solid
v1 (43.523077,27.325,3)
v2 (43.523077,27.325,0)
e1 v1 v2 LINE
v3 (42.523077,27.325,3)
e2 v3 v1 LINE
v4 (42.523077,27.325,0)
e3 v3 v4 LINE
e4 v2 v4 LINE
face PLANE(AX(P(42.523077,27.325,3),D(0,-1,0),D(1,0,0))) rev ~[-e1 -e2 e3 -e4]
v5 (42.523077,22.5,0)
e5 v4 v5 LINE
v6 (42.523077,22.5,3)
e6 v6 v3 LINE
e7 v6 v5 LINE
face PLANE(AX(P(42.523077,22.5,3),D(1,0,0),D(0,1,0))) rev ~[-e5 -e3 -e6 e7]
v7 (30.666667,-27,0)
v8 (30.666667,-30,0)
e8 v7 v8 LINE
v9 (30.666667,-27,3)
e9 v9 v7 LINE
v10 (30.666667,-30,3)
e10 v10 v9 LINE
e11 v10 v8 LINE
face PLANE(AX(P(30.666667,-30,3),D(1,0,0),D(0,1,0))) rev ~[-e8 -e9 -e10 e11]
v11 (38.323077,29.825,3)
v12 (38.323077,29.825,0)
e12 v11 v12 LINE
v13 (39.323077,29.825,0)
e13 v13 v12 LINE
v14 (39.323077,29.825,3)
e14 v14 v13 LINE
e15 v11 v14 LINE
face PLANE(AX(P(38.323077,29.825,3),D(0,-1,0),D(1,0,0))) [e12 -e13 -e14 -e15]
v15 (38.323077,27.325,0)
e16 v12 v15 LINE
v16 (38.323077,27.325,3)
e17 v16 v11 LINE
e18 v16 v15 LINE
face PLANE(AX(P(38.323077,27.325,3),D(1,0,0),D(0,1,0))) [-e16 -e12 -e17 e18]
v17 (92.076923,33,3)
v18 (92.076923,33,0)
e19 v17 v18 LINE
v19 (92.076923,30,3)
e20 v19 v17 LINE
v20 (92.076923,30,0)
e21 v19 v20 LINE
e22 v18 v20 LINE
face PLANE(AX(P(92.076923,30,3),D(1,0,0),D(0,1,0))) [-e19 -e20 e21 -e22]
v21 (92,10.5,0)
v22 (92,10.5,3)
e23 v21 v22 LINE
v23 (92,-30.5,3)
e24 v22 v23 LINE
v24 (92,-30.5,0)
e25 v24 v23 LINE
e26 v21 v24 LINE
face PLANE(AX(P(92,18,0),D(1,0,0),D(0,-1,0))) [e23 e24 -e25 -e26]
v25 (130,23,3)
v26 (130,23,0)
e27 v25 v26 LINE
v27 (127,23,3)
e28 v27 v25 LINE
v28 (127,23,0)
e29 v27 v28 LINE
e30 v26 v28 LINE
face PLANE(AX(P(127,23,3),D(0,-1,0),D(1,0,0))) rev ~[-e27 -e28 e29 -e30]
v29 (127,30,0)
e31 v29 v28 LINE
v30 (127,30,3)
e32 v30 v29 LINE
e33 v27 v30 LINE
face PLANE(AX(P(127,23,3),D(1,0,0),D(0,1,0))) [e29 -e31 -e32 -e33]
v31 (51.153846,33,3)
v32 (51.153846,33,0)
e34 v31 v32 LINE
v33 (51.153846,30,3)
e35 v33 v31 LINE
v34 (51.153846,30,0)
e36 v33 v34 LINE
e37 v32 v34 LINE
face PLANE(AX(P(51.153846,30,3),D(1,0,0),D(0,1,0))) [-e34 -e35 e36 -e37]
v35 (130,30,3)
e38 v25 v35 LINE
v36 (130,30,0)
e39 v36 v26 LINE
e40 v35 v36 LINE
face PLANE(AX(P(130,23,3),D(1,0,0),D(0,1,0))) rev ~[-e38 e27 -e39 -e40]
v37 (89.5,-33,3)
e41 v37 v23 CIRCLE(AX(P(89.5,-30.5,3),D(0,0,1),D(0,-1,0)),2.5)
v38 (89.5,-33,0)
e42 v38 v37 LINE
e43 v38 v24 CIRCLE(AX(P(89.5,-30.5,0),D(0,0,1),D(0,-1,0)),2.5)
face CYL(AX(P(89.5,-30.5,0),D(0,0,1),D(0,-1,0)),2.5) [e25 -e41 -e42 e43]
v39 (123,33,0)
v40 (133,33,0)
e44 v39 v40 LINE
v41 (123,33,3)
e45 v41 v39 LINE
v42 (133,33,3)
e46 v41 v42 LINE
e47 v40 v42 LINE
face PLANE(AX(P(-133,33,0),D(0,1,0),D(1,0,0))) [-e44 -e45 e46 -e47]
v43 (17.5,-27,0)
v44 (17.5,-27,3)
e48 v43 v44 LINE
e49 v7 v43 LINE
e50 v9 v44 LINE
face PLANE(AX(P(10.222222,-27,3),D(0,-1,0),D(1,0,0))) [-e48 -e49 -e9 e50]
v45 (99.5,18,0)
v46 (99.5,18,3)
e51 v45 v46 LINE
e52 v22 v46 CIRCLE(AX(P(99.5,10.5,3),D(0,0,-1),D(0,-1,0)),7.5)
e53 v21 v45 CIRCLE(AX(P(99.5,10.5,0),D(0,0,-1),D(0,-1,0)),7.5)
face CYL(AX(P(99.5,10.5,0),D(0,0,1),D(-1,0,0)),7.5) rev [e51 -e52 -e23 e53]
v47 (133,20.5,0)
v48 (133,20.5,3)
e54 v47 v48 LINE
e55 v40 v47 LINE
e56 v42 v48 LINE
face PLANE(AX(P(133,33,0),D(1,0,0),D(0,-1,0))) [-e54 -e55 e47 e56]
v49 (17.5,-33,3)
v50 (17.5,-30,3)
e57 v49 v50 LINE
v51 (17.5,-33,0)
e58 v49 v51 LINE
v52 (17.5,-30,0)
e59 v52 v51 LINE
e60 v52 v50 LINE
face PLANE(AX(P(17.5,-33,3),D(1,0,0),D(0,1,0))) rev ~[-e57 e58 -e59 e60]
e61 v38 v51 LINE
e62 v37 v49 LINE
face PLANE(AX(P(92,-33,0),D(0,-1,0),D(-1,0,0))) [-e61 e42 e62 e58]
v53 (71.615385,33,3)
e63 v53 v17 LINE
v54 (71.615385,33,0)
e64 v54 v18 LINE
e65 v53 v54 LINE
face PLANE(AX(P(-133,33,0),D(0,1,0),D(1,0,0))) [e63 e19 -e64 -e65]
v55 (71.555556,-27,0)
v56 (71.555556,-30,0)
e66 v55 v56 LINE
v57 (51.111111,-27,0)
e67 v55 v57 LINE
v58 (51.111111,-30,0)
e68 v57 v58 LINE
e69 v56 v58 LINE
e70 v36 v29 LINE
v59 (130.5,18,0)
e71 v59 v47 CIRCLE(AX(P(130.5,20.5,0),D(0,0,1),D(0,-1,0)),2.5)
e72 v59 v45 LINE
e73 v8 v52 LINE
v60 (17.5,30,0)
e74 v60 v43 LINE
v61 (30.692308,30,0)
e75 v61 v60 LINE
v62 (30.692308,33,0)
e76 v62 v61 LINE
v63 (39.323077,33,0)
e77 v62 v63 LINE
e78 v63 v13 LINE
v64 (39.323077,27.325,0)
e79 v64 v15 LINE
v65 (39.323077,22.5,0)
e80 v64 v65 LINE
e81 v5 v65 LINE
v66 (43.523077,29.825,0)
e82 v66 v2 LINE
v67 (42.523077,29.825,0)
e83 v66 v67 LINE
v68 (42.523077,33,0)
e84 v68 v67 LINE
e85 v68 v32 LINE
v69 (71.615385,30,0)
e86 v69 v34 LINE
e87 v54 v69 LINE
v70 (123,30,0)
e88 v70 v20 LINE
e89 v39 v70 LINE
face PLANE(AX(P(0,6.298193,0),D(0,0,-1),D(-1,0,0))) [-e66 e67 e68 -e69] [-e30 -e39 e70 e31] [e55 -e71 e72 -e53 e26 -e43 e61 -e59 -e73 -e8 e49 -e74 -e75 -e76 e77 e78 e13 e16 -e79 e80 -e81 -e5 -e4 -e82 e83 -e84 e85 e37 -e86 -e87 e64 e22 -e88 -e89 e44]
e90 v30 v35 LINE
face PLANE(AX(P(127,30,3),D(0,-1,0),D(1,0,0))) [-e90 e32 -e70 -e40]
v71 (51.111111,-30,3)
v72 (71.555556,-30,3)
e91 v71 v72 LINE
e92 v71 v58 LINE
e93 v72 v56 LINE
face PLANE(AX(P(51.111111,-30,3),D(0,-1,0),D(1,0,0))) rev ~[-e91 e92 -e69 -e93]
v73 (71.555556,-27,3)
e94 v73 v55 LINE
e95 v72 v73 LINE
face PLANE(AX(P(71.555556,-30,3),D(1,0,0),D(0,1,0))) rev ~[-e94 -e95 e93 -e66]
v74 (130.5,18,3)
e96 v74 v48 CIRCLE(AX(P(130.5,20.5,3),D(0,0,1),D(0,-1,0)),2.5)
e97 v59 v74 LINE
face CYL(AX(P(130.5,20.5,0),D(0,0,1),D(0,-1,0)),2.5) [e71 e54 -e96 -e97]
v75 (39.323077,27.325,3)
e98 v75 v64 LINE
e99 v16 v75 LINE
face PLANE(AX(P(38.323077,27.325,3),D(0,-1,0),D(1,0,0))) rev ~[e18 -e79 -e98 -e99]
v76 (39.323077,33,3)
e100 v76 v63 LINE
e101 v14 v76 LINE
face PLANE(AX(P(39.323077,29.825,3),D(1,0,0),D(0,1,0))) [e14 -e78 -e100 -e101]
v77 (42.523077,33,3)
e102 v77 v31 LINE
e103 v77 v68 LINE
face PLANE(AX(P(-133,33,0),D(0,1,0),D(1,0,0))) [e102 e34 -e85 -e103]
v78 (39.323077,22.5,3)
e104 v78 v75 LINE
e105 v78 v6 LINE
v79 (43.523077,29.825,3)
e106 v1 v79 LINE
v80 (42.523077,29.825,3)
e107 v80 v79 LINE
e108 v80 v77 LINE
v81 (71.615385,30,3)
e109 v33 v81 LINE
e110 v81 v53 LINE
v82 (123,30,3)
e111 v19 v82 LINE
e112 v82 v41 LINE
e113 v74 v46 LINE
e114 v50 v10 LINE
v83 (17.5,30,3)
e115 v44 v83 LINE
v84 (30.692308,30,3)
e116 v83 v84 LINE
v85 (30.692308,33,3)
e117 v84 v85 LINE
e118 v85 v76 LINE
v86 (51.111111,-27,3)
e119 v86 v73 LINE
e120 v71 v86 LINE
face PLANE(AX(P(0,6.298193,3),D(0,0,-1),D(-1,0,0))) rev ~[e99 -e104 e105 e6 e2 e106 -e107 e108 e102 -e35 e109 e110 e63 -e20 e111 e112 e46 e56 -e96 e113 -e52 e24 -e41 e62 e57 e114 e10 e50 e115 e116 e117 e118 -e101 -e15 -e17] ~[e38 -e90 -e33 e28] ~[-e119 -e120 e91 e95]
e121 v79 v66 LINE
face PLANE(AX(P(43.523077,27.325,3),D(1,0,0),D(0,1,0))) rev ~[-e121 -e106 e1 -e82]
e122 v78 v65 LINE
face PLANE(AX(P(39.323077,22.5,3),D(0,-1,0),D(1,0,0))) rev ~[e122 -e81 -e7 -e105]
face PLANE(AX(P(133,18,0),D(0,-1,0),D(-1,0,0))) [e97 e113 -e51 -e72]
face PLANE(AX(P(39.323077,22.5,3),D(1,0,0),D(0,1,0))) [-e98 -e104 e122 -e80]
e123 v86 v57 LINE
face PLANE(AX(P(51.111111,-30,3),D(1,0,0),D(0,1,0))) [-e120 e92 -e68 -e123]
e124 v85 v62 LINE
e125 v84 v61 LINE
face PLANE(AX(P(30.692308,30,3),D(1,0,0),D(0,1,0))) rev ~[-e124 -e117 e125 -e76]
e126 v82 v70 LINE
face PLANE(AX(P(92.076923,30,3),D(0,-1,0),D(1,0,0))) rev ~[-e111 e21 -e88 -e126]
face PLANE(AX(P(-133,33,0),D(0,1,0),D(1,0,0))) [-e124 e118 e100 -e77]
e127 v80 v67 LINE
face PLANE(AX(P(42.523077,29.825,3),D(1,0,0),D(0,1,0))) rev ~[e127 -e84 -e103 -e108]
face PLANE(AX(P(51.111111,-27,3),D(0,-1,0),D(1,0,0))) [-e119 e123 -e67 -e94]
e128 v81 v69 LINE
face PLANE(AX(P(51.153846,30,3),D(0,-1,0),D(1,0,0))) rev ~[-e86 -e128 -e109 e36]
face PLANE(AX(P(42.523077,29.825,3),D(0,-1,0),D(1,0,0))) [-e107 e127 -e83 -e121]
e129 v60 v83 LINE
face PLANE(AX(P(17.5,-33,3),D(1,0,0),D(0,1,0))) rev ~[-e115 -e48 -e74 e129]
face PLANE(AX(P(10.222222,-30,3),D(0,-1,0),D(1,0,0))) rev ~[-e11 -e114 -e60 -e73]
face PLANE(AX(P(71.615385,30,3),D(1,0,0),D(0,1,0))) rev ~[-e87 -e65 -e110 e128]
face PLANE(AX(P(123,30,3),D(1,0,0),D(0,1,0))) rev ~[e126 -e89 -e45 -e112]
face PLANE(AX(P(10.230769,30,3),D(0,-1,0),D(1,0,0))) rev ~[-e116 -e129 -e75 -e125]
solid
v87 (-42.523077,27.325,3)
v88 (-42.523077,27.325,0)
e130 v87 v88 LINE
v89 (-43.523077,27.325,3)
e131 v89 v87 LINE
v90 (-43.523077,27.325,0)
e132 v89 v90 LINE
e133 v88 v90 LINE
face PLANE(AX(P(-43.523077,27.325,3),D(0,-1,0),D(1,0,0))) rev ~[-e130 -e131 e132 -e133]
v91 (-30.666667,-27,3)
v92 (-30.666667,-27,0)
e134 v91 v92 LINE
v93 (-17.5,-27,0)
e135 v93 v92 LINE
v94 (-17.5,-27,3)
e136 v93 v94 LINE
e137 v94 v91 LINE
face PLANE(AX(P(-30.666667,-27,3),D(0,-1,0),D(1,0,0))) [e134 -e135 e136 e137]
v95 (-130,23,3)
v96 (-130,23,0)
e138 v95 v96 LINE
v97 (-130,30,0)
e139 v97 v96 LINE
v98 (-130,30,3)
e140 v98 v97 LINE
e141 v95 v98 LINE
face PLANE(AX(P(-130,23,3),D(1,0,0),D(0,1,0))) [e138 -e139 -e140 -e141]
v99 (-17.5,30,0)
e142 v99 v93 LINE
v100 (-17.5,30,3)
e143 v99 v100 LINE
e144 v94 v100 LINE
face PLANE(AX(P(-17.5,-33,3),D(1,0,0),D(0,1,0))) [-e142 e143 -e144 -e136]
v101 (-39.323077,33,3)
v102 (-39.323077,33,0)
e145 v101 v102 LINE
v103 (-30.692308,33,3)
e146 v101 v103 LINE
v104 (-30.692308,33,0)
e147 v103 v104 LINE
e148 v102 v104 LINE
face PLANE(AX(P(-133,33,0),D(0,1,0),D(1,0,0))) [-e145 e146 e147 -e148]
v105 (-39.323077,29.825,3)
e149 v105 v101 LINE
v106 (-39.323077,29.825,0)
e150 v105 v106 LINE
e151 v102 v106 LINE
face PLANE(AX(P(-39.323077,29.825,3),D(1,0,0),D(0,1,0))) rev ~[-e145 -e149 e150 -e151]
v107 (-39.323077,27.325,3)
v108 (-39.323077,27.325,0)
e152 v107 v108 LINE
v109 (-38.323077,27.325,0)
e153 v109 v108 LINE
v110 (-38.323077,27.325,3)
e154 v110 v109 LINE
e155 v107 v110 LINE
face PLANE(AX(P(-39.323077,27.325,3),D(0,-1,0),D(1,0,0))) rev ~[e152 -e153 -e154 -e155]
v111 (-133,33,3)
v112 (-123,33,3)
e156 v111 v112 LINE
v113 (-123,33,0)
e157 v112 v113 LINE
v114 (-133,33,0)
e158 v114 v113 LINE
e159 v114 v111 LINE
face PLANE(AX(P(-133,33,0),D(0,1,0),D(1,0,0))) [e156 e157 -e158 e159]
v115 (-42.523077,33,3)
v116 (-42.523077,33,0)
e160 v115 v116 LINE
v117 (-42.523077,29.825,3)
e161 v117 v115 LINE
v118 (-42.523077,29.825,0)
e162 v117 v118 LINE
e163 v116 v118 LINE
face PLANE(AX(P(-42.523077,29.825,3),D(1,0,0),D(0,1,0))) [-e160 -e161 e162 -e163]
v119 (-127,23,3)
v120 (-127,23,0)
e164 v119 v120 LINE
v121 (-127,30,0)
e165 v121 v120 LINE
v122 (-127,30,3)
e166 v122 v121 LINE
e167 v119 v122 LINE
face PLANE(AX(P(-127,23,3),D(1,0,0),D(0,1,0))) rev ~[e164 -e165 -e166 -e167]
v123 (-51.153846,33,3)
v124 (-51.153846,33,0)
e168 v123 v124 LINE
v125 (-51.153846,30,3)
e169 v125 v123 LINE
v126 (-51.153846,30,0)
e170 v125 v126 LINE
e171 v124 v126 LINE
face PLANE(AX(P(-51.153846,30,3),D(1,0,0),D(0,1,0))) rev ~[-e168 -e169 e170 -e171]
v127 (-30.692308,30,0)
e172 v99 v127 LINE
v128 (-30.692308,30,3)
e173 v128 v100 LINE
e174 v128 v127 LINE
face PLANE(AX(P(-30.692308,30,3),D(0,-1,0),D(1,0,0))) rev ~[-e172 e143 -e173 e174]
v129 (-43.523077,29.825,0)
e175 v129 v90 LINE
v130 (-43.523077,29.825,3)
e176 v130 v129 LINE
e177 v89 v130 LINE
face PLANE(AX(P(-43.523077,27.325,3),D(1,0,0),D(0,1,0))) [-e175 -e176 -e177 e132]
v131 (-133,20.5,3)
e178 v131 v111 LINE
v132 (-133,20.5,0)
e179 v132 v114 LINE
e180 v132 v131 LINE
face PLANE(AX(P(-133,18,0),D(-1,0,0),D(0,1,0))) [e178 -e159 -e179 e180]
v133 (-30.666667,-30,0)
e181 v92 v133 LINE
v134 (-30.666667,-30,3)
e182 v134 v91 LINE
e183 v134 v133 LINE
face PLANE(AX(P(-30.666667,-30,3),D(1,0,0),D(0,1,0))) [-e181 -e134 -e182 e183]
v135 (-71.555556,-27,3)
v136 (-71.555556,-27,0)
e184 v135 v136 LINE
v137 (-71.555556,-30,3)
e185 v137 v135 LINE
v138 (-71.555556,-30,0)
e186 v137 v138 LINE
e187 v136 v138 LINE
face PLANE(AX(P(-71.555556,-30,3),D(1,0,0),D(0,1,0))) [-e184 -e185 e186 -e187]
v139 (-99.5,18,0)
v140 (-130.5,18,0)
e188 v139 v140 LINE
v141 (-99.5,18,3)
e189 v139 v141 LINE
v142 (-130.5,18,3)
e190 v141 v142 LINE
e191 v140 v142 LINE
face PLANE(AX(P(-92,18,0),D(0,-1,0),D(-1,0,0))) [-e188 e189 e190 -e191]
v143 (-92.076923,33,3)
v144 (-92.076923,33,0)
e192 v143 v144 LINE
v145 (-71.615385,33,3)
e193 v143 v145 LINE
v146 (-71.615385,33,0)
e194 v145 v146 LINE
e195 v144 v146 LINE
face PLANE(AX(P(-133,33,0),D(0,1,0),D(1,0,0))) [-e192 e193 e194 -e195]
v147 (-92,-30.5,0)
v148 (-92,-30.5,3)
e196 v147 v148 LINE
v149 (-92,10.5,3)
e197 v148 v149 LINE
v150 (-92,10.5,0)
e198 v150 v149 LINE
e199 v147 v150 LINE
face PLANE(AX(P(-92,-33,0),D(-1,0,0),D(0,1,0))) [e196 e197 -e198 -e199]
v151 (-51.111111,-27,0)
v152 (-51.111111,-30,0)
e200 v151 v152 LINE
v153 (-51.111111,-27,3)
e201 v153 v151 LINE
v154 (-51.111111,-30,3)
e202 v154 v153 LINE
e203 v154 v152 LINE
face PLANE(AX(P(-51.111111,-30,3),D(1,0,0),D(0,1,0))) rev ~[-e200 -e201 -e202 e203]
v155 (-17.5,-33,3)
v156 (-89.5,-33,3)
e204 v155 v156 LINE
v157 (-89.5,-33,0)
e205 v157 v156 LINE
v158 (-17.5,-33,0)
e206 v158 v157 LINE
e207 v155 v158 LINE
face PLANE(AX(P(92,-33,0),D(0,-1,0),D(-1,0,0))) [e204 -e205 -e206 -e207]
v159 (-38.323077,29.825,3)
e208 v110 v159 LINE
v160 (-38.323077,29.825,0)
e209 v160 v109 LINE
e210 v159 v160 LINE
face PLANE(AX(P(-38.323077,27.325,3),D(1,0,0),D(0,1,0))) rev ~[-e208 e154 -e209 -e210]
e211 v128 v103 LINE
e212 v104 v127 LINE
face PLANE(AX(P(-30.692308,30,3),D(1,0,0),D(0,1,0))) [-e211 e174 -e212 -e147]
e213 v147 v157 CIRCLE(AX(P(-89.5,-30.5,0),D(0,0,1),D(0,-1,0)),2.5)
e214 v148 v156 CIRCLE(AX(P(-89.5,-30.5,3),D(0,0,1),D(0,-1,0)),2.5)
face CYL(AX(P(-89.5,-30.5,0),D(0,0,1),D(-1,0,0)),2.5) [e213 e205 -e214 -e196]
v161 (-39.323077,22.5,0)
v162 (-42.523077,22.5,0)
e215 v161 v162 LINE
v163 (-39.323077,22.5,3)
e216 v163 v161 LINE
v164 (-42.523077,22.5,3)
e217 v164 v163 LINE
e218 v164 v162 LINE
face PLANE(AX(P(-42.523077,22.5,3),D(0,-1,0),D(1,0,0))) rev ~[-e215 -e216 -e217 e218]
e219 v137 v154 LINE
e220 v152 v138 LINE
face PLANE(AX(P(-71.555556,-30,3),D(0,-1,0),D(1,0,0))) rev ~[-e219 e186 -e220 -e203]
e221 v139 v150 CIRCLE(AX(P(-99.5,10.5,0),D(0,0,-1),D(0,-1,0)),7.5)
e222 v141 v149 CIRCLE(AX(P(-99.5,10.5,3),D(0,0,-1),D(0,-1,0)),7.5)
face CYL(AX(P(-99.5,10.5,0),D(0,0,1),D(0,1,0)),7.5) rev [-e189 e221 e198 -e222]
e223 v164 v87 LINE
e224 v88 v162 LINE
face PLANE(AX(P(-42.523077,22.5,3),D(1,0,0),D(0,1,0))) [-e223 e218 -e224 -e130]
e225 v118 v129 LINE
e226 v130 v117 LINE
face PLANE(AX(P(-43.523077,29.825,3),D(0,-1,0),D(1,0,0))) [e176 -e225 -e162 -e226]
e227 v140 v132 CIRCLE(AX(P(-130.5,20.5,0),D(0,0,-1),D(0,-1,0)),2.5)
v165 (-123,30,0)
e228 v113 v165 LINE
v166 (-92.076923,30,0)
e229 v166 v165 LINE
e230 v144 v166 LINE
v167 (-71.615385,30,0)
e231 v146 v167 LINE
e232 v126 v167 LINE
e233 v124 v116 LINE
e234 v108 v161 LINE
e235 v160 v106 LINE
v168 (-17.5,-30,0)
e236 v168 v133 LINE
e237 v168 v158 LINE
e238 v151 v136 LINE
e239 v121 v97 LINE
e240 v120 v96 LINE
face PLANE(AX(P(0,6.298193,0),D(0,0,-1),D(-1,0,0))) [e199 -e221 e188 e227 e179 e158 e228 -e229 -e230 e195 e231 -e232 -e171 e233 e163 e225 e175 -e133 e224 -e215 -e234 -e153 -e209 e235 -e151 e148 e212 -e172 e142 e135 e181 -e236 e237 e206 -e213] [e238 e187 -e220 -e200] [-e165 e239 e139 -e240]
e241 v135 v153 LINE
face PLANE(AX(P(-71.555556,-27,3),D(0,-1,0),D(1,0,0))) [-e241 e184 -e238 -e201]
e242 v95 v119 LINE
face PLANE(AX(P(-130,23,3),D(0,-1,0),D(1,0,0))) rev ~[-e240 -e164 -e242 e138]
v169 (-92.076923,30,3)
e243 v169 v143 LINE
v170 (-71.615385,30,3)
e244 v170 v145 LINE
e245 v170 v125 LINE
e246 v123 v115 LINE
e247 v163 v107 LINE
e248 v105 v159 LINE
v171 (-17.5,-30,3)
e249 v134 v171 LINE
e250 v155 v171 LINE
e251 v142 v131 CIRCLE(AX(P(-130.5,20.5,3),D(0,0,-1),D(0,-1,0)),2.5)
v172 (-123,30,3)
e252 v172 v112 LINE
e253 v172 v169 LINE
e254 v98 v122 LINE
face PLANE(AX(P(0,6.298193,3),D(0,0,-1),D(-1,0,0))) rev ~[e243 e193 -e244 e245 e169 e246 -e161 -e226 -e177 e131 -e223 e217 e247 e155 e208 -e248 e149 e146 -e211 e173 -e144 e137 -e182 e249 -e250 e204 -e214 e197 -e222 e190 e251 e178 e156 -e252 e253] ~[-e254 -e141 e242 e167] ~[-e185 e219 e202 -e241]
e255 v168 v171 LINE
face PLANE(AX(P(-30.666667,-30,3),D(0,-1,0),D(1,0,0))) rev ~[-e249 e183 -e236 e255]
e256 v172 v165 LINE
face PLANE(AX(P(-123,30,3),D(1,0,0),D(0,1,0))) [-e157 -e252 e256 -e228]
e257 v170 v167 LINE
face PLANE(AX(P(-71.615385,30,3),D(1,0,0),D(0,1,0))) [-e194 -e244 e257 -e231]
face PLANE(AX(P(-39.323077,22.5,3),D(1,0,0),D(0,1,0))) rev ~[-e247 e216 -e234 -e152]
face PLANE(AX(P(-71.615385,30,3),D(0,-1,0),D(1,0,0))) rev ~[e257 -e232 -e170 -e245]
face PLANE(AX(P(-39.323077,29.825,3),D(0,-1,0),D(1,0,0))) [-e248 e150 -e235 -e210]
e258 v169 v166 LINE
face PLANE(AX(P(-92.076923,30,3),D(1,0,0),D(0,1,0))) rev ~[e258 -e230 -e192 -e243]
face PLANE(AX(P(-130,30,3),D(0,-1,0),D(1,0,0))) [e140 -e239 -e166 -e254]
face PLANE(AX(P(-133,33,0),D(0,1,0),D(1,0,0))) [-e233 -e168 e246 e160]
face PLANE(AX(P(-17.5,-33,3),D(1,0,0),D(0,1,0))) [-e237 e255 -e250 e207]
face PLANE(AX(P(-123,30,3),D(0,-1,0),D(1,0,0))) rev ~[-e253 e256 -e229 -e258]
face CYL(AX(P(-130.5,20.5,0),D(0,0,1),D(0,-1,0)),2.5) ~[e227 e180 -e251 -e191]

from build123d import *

# Parameters (mm, degrees)
BOSS_EXTRUDE1_DEPTH     = 3
SKETCH3_W               = 3
SKETCH3_H               = 7
SKETCH3_W_2             = 10.461538462
SKETCH3_H_2             = 3
SKETCH3_W_3             = 20.461538461
SKETCH3_W_4             = 20.444444445
CUT_EXTRUDE1_DEPTH      = 1
CUT_EXTRUDE1_DEPTH_BACK = 4
FILLET1_R               = 7.5
FILLET2_R               = 2.5
SKETCH4_W               = 3.2
SKETCH4_H               = 10.5
SKETCH4_W_2             = 5.2
SKETCH4_H_2             = 2.5
CUT_EXTRUDE2_DEPTH      = 1
CUT_EXTRUDE2_DEPTH_BACK = 4
SKETCH5_W               = 35
SKETCH5_H               = 66
CUT_EXTRUDE3_DEPTH      = 1
CUT_EXTRUDE3_DEPTH_BACK = 4


with BuildPart() as part:
    # Sketch2 → Boss-Extrude1 (new body)
    with BuildSketch(Plane.XY):
        Polygon((-133, 33), (133, 33), (133, 18), (92, 18), (92, -33), (-92, -33), (-92, 18), (-133, 18), align=None)
    extrude(amount=BOSS_EXTRUDE1_DEPTH)

    # Sketch3 → Cut-Extrude1 (cut, two sides)
    with BuildSketch(Plane.XY.offset(3)) as cut_extrude1_sk:
        with Locations((-128.5, 26.5)):
            Rectangle(SKETCH3_W, SKETCH3_H)
        with Locations((-117.769230769, 31.5)):
            Rectangle(SKETCH3_W_2, SKETCH3_H_2)
        with Locations((-102.307692308, 31.5)):
            Rectangle(SKETCH3_W_3, SKETCH3_H_2)
        with Locations((-61.384615385, 31.5)):
            Rectangle(SKETCH3_W_3, SKETCH3_H_2)
        with Locations((-20.461538462, 31.5)):
            Rectangle(SKETCH3_W_3, SKETCH3_H_2)
        with Locations((20.461538462, 31.5)):
            Rectangle(SKETCH3_W_3, SKETCH3_H_2)
        with Locations((61.384615385, 31.5)):
            Rectangle(SKETCH3_W_3, SKETCH3_H_2)
        with Locations((102.307692308, 31.5)):
            Rectangle(SKETCH3_W_3, SKETCH3_H_2)
        with Locations((117.769230769, 31.5)):
            Rectangle(SKETCH3_W_2, SKETCH3_H_2)
        with Locations((128.5, 26.5)):
            Rectangle(SKETCH3_W, SKETCH3_H)
        with Locations((-61.333333334, -28.5)):
            Rectangle(SKETCH3_W_4, SKETCH3_H_2)
        with Locations((-20.444444445, -28.5)):
            Rectangle(SKETCH3_W_4, SKETCH3_H_2)
        with Locations((20.444444445, -28.5)):
            Rectangle(SKETCH3_W_4, SKETCH3_H_2)
        with Locations((61.333333334, -28.5)):
            Rectangle(SKETCH3_W_4, SKETCH3_H_2)
    extrude(amount=CUT_EXTRUDE1_DEPTH, mode=Mode.SUBTRACT)
    extrude(cut_extrude1_sk.sketch, amount=-CUT_EXTRUDE1_DEPTH_BACK, mode=Mode.SUBTRACT)

    # Fillet1
    fillet1_edges = [part.edges().sort_by_distance(p)[0] for p in [
        (92, 18, 1.5),
        (-92, 18, 1.5),
    ]]
    fillet(fillet1_edges, radius=FILLET1_R)

    # Fillet2
    fillet2_edges = [part.edges().sort_by_distance(p)[0] for p in [
        (133, 18, 1.5),
        (92, -33, 1.5),
        (-92, -33, 1.5),
        (-133, 18, 1.5),
    ]]
    fillet(fillet2_edges, radius=FILLET2_R)

    # Sketch4 → Cut-Extrude2 (cut, two sides)
    with BuildSketch(Plane.XY.offset(3)) as cut_extrude2_sk:
        with Locations((-40.923076923, 27.75)):
            Rectangle(SKETCH4_W, SKETCH4_H)
        with Locations((40.923076923, 27.75)):
            Rectangle(SKETCH4_W, SKETCH4_H)
        with Locations((40.923076923, 28.575)):
            Rectangle(SKETCH4_W_2, SKETCH4_H_2)
        with Locations((-40.923076923, 28.575)):
            Rectangle(SKETCH4_W_2, SKETCH4_H_2)
    extrude(amount=CUT_EXTRUDE2_DEPTH, mode=Mode.SUBTRACT)
    extrude(cut_extrude2_sk.sketch, amount=-CUT_EXTRUDE2_DEPTH_BACK, mode=Mode.SUBTRACT)

    # Sketch5 → Cut-Extrude3 (cut, two sides)
    with BuildSketch(Plane.XY.offset(3)) as cut_extrude3_sk:
        Rectangle(SKETCH5_W, SKETCH5_H)
    extrude(amount=CUT_EXTRUDE3_DEPTH, mode=Mode.SUBTRACT)
    extrude(cut_extrude3_sk.sketch, amount=-CUT_EXTRUDE3_DEPTH_BACK, mode=Mode.SUBTRACT)


solid = part.part
